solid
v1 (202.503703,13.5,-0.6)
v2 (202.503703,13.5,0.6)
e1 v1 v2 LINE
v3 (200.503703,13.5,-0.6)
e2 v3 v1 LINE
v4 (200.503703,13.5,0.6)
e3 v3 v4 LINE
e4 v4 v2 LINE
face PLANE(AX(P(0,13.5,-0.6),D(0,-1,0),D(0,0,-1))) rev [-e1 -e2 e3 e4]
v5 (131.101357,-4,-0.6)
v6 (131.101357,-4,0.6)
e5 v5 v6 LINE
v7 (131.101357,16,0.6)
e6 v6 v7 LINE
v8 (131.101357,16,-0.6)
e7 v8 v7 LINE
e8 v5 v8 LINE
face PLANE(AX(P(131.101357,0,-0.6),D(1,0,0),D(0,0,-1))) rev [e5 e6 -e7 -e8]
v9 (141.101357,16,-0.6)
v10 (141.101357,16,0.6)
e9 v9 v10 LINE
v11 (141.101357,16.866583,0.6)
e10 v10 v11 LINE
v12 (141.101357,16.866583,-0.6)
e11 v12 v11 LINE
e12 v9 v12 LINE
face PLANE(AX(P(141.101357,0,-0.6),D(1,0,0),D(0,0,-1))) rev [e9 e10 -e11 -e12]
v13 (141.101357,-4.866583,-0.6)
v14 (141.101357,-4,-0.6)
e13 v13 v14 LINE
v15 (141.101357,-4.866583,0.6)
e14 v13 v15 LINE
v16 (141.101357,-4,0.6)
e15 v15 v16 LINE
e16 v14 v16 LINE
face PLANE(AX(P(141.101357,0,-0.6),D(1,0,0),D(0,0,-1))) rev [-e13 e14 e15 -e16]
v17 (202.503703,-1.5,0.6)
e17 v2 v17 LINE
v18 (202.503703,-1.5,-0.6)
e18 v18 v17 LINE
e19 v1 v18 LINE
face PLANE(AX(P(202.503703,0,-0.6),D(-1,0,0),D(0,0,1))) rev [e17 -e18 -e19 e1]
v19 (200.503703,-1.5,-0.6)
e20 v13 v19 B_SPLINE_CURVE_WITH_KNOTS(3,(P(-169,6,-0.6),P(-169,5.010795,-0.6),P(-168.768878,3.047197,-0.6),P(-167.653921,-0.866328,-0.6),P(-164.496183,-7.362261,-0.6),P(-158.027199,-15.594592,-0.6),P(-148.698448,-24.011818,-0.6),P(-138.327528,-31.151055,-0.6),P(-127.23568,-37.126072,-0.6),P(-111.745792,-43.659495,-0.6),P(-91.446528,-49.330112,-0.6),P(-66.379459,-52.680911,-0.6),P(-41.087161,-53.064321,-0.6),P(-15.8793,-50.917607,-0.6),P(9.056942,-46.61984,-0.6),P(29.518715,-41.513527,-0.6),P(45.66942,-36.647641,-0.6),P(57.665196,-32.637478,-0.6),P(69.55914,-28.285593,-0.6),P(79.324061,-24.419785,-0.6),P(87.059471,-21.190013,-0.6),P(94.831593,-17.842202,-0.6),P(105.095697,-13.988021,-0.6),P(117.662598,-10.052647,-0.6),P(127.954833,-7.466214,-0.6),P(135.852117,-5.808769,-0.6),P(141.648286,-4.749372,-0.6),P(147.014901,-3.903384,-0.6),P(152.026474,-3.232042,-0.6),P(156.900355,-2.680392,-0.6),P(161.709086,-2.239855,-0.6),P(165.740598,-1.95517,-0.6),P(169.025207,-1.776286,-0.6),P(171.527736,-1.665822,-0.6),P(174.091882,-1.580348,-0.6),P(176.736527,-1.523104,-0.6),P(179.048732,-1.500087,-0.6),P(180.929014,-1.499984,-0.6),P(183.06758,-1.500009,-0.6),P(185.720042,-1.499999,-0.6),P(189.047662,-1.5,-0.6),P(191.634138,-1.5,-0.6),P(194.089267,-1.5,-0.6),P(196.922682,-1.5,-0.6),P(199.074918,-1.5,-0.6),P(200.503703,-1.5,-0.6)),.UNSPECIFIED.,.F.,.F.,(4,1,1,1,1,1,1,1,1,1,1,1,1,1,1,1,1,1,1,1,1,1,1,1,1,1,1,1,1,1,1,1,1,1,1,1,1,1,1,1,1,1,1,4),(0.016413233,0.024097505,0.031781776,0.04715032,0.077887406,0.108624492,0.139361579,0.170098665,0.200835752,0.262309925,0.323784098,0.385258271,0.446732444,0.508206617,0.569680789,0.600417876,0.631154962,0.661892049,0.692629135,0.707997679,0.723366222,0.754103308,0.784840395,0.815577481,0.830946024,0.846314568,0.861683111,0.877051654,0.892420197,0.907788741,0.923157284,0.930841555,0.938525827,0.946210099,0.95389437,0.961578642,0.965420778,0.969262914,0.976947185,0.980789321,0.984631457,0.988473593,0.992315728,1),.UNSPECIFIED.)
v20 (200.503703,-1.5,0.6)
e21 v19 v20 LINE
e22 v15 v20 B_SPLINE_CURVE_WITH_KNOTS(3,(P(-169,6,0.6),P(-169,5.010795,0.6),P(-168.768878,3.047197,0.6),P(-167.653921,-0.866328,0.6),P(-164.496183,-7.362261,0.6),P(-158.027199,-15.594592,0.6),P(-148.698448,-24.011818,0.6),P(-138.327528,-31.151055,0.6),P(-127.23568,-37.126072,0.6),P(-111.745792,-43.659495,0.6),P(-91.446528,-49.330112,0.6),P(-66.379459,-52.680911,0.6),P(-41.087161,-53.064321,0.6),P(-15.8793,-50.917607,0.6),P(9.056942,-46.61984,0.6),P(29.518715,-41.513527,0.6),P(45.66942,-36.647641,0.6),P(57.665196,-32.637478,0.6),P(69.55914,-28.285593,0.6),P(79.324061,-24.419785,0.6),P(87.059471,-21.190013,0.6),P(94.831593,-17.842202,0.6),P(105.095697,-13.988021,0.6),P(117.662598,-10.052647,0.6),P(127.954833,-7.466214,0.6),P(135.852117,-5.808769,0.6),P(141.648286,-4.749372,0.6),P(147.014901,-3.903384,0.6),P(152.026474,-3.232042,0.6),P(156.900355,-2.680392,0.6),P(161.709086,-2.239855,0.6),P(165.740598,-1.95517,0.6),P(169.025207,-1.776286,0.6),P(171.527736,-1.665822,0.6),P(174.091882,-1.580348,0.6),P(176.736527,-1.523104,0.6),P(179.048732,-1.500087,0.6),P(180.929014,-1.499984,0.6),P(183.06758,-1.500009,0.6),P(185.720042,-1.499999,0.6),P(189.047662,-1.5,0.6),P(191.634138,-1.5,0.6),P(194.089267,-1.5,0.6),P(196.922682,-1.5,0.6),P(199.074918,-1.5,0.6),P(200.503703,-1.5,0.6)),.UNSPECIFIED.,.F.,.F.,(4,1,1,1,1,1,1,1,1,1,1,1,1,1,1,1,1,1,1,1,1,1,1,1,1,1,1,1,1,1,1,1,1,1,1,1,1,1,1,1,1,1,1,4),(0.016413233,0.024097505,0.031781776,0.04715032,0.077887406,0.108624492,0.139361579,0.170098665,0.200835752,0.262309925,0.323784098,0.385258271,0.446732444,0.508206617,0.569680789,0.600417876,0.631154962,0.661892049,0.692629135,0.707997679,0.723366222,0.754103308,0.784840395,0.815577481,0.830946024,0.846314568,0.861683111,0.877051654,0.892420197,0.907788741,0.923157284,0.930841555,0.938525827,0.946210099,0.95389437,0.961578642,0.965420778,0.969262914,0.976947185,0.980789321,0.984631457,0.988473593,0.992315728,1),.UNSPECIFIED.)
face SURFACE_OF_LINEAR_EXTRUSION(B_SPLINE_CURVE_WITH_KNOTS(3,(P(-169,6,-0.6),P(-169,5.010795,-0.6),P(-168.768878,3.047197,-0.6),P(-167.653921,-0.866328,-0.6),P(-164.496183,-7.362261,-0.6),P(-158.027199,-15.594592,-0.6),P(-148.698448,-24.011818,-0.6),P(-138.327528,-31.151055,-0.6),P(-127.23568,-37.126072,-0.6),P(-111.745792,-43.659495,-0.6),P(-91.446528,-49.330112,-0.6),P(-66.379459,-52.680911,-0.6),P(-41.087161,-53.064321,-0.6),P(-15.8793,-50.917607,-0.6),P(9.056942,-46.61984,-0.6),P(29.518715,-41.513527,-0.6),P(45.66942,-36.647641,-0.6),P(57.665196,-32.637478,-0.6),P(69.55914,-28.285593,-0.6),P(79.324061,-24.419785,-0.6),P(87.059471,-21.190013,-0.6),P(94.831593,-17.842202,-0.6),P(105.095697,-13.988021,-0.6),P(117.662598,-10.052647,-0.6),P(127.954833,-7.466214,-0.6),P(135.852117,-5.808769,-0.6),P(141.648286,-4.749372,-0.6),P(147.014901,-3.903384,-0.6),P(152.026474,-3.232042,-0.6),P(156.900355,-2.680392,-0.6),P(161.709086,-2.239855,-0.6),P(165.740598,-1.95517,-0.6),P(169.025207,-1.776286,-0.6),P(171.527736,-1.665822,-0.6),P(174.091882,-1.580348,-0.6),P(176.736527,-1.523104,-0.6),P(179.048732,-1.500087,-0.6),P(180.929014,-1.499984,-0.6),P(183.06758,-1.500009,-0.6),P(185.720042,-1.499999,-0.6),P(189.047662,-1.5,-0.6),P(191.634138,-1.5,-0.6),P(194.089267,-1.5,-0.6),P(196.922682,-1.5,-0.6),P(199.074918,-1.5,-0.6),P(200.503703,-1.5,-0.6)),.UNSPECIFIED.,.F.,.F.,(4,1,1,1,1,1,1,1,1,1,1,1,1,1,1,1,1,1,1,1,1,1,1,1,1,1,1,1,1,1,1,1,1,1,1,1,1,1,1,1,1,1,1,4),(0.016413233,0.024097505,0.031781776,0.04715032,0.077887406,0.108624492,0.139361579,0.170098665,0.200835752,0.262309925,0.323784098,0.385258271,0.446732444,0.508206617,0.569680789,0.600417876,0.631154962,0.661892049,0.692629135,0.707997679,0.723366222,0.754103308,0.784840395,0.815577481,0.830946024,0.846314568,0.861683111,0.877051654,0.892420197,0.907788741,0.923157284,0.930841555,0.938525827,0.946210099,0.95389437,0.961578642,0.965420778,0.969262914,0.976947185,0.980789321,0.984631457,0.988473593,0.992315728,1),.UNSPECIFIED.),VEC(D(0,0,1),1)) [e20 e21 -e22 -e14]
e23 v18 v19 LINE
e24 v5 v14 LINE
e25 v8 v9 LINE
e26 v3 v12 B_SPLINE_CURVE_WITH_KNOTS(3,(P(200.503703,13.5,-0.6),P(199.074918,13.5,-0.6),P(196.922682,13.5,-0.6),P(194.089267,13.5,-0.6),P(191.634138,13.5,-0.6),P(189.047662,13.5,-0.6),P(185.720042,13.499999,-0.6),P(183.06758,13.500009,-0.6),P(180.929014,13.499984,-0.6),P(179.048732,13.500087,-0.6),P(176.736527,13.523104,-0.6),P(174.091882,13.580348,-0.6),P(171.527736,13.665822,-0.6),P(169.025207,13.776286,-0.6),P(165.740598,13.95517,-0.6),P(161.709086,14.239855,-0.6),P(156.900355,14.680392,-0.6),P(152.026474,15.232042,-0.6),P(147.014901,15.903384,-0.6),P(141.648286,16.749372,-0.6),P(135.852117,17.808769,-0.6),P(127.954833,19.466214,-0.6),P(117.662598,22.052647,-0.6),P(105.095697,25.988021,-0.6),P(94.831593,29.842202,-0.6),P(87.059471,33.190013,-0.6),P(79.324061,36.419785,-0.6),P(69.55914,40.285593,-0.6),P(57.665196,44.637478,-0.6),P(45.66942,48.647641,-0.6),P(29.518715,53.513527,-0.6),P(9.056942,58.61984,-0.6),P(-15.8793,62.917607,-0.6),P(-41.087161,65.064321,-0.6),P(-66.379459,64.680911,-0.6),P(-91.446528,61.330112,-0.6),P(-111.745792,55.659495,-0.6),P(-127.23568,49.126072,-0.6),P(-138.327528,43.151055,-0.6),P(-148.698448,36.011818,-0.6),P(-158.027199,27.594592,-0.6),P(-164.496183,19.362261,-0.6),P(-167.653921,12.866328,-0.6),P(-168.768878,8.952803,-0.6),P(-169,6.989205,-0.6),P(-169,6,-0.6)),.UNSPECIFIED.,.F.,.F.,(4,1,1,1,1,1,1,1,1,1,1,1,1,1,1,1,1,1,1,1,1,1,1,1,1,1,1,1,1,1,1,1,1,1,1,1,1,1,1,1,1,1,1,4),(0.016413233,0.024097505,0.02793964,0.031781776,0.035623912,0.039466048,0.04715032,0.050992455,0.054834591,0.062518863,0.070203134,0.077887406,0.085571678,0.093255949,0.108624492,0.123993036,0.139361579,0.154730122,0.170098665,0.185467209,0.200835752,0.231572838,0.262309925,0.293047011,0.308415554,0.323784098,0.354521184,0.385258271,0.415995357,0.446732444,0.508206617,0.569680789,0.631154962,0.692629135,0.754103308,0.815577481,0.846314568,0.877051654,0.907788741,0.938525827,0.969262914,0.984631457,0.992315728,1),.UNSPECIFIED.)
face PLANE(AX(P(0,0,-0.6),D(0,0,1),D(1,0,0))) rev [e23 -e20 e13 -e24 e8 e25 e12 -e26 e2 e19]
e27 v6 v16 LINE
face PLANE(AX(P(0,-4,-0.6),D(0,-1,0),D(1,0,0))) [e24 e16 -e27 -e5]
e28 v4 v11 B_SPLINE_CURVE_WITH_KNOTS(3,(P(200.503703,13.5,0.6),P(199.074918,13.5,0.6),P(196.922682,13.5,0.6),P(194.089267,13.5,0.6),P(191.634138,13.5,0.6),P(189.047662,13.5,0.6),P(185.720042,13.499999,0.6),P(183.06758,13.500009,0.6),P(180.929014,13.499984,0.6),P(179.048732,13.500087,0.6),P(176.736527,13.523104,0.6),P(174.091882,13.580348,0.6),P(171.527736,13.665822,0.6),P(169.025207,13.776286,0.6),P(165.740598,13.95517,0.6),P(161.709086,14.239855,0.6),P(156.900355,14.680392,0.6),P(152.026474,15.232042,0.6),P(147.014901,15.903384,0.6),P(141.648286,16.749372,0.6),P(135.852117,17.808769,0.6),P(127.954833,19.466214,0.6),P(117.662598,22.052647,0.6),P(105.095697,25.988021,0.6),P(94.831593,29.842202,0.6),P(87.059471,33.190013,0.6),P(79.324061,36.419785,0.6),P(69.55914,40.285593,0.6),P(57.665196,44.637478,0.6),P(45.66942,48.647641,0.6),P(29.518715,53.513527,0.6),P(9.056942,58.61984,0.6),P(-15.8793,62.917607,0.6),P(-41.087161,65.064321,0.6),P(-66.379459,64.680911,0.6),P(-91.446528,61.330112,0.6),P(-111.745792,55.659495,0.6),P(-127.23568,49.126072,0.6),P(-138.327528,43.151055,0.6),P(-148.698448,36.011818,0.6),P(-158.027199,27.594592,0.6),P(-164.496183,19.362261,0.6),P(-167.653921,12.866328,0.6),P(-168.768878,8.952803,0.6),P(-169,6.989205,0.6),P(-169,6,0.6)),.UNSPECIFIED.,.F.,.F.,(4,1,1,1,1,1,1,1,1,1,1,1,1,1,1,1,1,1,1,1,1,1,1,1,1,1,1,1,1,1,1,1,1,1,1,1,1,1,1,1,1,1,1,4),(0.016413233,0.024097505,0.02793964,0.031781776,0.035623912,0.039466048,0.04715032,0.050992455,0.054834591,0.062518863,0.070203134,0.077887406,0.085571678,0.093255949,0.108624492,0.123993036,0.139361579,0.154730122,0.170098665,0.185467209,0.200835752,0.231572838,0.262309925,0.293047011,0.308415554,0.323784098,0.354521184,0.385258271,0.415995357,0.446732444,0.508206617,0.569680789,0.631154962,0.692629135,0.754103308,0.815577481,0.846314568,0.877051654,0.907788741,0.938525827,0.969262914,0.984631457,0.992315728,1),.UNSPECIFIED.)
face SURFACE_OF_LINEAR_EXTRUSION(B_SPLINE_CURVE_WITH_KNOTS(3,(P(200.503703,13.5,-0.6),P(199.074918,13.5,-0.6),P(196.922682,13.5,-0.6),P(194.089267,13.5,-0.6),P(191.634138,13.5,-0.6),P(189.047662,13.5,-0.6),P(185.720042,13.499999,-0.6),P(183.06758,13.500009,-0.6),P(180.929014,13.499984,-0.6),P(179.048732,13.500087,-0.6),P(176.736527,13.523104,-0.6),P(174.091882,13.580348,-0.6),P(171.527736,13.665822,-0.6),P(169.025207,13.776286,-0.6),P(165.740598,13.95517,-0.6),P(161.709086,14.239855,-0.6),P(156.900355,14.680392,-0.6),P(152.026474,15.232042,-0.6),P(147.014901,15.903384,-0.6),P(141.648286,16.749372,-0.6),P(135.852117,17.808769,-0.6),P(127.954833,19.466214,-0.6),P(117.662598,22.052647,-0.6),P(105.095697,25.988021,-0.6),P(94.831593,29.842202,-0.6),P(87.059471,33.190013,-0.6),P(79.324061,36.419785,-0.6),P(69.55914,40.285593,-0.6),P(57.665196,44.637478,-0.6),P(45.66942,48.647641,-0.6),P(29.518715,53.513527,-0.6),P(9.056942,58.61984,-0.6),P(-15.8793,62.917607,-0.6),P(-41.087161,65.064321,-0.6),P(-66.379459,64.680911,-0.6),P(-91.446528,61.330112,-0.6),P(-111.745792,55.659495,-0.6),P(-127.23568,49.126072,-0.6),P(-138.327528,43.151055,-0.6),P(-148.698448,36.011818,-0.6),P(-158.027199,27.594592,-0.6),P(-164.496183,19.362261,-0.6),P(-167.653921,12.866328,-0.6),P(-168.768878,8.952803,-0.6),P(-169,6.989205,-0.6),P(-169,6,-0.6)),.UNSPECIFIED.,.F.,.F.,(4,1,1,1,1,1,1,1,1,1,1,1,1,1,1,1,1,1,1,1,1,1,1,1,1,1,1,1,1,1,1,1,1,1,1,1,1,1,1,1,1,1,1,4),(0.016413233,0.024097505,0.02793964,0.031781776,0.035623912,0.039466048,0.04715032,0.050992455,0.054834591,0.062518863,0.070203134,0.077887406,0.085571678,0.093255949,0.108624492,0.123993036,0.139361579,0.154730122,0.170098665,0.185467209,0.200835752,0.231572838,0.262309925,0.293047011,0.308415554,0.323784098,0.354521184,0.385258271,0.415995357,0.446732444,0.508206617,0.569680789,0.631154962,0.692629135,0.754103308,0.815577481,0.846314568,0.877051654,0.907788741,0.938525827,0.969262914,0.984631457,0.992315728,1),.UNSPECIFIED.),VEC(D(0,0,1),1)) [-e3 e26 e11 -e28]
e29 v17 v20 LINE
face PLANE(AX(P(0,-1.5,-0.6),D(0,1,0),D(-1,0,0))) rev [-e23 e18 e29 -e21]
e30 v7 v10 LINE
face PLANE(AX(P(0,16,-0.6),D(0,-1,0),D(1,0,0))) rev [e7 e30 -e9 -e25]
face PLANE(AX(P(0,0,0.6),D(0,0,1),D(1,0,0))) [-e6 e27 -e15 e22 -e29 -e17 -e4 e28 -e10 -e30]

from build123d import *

# Parameters (mm, degrees)
BOSS_EXTRUDE1_DEPTH      = 0.6
BOSS_EXTRUDE1_DEPTH_BACK = 0.6


with BuildPart() as part:
    # Sketch2 → Boss-Extrude1 (new, two sides: drawn at the far end of the back side and taken through both)
    with BuildSketch(Plane.XY.offset(-BOSS_EXTRUDE1_DEPTH_BACK)):
        with BuildLine():
            Line((202.50370257, 13.5), (200.50370257, 13.5))
            add(Edge.make_bspline(
                [(200.50370257, 13.5), (199.074917608, 13.5), (196.922682113, 13.499999988), (194.089266991, 13.50000002), (191.634138002, 13.499999925), (189.047662174, 13.500000282), (185.720042457, 13.499998504), (183.067579699, 13.500009344), (180.929013684, 13.499984023), (179.048732059, 13.500086521), (176.736526724, 13.523104421), (174.091882285, 13.580347526), (171.527736211, 13.665821528), (169.025206506, 13.776285946), (165.740597936, 13.955169806), (161.70908639, 14.239854658), (156.900354592, 14.680391927), (152.026473921, 15.232042325), (147.01490053, 15.903383768), (143.285295207, 16.49131543), (141.26029798, 16.839114396), (141.101357243, 16.866582901)],
                knots=[0.016413233, 0.016413233, 0.016413233, 0.016413233, 0.024097505, 0.02793964, 0.031781776, 0.035623912, 0.039466048, 0.04715032, 0.050992455, 0.054834591, 0.062518863, 0.070203134, 0.077887406, 0.085571678, 0.093255949, 0.108624492, 0.123993036, 0.139361579, 0.154730122, 0.170098665, 0.171403342, 0.171403342, 0.171403342, 0.171403342], degree=3))
            Line((141.101357243, 16.866582901), (141.101357243, 16))
            Line((141.101357243, 16), (131.101357243, 16))
            Line((131.101357243, 16), (131.101357243, -4))
            Line((131.101357243, -4), (141.101357243, -4))
            Line((141.101357243, -4), (141.101357243, -4.866582901))
            add(Edge.make_bspline(
                [(141.101357243, -4.866582901), (141.26029798, -4.839114396), (143.285295207, -4.49131543), (147.01490053, -3.903383768), (152.026473921, -3.232042325), (156.900354592, -2.680391927), (161.70908639, -2.239854658), (165.740597936, -1.955169806), (169.025206506, -1.776285946), (171.527736211, -1.665821528), (174.091882285, -1.580347526), (176.736526724, -1.523104421), (179.048732059, -1.500086521), (180.929013684, -1.499984023), (183.067579699, -1.500009344), (185.720042457, -1.499998504), (189.047662174, -1.500000282), (191.634138002, -1.499999925), (194.089266991, -1.50000002), (196.922682113, -1.499999988), (199.074917608, -1.5), (200.50370257, -1.5)],
                knots=[0.845009891, 0.845009891, 0.845009891, 0.845009891, 0.846314568, 0.861683111, 0.877051654, 0.892420197, 0.907788741, 0.923157284, 0.930841555, 0.938525827, 0.946210099, 0.95389437, 0.961578642, 0.965420778, 0.969262914, 0.976947185, 0.980789321, 0.984631457, 0.988473593, 0.992315728, 1, 1, 1, 1], degree=3))
            Line((200.50370257, -1.5), (202.50370257, -1.5))
            Line((202.50370257, -1.5), (202.50370257, 13.5))
        make_face()
    extrude(amount=BOSS_EXTRUDE1_DEPTH + BOSS_EXTRUDE1_DEPTH_BACK)


solid = part.part
